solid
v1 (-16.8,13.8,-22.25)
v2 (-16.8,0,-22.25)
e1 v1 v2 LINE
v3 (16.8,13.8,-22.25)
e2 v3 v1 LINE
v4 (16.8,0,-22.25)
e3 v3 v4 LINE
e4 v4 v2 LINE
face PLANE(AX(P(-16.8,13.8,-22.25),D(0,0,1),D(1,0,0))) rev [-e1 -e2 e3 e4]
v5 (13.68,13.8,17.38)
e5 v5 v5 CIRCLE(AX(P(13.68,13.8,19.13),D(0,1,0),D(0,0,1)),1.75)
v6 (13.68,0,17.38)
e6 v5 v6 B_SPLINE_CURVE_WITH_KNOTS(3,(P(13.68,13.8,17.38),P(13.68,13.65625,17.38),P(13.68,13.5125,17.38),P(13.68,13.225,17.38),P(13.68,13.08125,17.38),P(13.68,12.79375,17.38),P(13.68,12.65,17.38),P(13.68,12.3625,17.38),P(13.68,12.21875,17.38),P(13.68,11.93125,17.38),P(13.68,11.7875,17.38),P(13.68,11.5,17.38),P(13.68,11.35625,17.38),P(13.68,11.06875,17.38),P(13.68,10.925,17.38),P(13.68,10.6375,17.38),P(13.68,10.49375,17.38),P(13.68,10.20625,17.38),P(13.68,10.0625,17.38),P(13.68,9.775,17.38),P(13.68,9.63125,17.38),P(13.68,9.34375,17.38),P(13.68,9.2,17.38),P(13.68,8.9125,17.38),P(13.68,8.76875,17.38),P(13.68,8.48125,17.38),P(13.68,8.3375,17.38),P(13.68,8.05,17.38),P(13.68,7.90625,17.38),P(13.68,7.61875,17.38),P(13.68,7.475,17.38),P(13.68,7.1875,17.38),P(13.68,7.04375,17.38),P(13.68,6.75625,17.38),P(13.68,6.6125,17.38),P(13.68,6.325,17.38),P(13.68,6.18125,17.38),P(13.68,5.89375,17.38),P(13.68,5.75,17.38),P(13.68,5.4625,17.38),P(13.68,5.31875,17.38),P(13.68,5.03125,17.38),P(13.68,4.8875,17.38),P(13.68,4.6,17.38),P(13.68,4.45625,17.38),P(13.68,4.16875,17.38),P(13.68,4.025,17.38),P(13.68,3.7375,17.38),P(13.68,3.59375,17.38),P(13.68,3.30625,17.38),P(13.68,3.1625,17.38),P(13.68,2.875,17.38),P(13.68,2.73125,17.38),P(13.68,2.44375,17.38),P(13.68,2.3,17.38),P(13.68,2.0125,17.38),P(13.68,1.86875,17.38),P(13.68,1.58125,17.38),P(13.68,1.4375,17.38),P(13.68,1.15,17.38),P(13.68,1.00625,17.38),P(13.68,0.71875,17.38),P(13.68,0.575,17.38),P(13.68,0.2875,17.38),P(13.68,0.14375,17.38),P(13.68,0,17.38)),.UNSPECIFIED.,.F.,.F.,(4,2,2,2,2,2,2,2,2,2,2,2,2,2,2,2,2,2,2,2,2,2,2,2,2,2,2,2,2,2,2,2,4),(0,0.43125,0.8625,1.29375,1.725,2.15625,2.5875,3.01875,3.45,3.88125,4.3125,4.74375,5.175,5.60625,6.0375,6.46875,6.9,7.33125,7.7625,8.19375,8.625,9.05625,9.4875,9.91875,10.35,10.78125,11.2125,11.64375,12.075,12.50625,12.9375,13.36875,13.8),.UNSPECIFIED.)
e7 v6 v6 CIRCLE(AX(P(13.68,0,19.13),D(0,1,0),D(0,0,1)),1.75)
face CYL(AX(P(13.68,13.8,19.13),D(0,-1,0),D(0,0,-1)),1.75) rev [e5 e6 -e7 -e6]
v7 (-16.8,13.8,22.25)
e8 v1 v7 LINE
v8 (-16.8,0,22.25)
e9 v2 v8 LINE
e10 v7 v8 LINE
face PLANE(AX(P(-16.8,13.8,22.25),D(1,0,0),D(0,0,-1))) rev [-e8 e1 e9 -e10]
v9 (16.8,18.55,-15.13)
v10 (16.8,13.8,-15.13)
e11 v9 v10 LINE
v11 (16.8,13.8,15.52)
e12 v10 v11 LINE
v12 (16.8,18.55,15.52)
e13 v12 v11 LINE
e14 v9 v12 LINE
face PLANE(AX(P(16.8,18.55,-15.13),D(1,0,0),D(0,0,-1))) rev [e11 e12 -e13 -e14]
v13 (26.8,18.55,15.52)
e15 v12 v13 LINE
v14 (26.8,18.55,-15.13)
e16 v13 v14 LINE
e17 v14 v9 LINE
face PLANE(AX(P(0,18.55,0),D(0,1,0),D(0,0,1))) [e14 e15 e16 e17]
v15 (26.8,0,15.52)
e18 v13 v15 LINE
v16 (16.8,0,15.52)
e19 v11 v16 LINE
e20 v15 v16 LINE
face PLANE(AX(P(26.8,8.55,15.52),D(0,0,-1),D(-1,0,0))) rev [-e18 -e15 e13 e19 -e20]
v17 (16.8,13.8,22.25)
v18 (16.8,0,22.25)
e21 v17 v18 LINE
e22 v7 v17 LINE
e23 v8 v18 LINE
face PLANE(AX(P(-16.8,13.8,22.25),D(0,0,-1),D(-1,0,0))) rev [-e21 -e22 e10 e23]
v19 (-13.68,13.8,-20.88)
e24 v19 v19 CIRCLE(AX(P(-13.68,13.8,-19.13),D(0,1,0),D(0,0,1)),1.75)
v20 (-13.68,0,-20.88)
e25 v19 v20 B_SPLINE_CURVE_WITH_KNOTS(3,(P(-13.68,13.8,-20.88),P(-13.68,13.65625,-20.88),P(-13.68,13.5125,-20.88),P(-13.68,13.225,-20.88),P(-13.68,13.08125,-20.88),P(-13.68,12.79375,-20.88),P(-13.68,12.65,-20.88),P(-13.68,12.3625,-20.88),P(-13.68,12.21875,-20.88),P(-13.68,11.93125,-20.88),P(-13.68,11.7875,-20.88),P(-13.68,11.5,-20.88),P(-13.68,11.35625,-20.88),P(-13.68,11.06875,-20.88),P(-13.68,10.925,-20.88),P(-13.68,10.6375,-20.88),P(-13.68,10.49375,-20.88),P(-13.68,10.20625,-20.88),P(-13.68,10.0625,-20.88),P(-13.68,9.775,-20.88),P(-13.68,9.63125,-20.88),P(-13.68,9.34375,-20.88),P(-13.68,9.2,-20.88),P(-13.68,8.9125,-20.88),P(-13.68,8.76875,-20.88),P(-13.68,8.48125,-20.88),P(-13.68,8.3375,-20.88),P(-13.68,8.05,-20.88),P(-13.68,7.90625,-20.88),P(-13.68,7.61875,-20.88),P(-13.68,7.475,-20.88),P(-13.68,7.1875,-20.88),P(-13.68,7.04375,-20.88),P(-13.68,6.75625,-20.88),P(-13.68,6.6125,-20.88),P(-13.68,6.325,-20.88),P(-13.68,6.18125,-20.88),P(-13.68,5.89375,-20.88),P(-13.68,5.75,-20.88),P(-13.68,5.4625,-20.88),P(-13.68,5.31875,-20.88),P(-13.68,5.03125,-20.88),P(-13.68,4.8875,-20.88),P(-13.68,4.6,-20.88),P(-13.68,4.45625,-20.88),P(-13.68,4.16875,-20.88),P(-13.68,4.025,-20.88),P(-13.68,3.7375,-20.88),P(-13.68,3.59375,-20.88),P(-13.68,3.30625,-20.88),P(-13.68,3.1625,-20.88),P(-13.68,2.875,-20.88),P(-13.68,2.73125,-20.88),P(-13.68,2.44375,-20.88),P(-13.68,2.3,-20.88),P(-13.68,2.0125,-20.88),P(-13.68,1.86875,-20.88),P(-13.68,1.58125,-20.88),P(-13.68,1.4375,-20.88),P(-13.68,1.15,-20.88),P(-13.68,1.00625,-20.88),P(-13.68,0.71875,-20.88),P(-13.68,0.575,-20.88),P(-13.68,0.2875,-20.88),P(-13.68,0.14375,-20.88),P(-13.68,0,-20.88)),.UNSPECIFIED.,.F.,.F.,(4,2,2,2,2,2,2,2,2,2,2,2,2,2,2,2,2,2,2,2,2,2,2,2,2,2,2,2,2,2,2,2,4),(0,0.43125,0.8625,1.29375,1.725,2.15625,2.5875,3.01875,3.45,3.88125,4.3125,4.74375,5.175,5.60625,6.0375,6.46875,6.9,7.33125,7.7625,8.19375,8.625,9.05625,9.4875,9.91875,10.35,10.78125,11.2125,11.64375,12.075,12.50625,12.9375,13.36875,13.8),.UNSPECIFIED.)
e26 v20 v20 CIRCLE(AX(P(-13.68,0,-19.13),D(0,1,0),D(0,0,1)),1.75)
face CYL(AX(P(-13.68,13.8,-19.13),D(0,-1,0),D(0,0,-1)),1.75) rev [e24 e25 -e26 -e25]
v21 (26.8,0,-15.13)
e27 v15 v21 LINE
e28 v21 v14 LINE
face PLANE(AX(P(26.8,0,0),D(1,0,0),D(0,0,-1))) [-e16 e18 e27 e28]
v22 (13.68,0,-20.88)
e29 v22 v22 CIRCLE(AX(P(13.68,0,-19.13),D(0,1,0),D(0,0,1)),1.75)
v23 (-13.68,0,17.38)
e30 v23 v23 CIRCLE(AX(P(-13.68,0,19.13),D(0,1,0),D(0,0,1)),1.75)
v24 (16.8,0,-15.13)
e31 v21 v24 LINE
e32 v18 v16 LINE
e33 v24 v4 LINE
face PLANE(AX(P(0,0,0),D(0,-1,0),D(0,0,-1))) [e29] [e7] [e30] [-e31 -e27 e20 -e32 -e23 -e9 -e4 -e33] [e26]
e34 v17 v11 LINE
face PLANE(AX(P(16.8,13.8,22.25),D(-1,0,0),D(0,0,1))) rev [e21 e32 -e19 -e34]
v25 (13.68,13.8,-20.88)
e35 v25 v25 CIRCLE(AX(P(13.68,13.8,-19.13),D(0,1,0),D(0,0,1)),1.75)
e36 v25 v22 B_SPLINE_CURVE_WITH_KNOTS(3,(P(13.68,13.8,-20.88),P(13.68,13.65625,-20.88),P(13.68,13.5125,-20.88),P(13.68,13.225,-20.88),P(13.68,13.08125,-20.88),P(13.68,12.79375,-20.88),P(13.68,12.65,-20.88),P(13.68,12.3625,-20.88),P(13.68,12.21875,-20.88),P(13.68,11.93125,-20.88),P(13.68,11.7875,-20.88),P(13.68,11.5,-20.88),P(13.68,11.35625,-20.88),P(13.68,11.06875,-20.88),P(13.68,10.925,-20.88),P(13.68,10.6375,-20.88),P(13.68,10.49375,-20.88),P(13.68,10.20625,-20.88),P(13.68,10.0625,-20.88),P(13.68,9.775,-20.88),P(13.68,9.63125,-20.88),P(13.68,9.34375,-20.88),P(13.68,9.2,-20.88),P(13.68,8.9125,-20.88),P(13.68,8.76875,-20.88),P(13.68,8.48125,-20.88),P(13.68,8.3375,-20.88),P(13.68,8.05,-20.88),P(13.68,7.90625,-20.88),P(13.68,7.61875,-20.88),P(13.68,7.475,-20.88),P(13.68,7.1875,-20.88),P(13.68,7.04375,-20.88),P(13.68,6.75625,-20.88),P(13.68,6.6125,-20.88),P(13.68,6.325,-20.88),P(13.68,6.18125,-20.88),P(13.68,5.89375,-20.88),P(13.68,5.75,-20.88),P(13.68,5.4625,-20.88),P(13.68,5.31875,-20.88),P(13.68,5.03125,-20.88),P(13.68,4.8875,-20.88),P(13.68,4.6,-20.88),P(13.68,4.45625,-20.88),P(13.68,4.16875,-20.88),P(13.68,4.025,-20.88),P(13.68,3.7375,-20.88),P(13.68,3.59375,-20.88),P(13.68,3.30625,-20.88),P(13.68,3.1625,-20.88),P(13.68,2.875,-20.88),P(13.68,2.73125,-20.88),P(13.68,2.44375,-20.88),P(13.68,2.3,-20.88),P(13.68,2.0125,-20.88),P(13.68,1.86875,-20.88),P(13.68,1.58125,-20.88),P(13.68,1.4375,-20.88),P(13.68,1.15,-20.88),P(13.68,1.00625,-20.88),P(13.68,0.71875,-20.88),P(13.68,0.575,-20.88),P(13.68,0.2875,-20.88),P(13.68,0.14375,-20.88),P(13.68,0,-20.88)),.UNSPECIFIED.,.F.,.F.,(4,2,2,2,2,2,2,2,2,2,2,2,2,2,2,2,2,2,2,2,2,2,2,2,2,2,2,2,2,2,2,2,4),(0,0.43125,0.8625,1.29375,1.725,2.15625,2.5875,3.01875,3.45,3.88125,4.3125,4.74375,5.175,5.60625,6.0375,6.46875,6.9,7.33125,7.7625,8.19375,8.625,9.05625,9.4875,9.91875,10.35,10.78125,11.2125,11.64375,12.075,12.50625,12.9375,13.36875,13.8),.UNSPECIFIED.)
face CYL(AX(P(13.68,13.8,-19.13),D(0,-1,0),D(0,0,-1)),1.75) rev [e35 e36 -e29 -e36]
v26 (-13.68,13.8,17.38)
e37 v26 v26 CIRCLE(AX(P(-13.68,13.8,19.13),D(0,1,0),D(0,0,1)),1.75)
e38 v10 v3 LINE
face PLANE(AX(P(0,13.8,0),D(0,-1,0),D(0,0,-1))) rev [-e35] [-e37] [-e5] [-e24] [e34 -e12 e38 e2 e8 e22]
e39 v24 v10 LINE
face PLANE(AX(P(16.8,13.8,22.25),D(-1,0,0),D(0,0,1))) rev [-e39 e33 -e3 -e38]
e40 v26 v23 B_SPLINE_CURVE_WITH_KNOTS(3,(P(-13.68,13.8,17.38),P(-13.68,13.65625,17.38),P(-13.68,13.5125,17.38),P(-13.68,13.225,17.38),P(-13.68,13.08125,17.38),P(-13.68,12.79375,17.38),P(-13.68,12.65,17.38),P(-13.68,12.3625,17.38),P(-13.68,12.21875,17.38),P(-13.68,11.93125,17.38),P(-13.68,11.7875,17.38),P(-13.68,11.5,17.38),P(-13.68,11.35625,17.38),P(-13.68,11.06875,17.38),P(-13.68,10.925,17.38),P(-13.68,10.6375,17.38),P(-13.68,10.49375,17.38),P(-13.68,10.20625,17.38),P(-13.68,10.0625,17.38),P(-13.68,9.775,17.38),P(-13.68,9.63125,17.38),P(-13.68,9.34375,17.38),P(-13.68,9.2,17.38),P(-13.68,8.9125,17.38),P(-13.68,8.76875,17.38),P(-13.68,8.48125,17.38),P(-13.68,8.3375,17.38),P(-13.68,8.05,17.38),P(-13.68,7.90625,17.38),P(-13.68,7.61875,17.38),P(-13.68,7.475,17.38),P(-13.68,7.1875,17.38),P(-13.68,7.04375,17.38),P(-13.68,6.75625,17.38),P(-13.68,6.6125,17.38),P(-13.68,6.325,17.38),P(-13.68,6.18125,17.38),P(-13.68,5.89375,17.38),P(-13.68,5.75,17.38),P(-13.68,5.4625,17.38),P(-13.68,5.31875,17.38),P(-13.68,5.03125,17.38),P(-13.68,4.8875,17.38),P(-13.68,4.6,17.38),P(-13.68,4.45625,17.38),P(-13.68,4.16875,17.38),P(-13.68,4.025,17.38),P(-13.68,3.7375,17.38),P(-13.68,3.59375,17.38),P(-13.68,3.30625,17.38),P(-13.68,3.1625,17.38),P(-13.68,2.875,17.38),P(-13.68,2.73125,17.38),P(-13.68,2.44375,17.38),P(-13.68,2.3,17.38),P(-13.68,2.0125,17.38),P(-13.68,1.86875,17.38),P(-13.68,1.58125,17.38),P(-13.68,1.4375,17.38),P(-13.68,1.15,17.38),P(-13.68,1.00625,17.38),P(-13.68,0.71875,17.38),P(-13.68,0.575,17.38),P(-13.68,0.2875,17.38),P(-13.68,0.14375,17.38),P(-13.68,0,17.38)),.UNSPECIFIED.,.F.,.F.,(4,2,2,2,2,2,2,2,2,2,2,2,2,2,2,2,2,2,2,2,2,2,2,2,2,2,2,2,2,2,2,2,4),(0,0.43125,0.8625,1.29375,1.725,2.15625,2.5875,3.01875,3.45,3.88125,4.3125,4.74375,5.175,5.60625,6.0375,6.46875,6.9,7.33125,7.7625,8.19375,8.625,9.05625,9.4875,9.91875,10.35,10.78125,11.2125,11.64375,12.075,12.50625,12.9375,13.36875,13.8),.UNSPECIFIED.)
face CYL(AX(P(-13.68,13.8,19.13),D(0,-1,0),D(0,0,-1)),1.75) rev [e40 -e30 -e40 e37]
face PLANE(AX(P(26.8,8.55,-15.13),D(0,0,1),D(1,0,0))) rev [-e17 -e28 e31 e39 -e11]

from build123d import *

# Parameters (mm, degrees)
SKETCH1_W           = 33.6
SKETCH1_H           = 44.5
SKETCH1_R           = 1.75
BOSS_EXTRUDE1_DEPTH = 13.8
SKETCH2_W           = 30.65
SKETCH2_H           = 8.55
BOSS_EXTRUDE2_DEPTH = 10
SKETCH3_W           = 10
SKETCH3_H           = 30.65
BOSS_EXTRUDE3_DEPTH = 10


with BuildPart() as part:
    # Sketch1 → Boss-Extrude1 (new body)
    with BuildSketch(Plane(origin=(0, 0, 0), x_dir=(1, 0, 0), z_dir=(0, 1, 0))):
        Rectangle(SKETCH1_W, SKETCH1_H)
        with Locations(Location((-13.68, 19.13, 0), (0, 0, 90))):
            Circle(SKETCH1_R, mode=Mode.SUBTRACT)
        with Locations(Location((-13.68, -19.13, 0), (0, 0, 90))):
            Circle(SKETCH1_R, mode=Mode.SUBTRACT)
        with Locations(Location((13.68, -19.13, 0), (0, 0, 90))):
            Circle(SKETCH1_R, mode=Mode.SUBTRACT)
        with Locations(Location((13.68, 19.13, 0), (0, 0, 90))):
            Circle(SKETCH1_R, mode=Mode.SUBTRACT)
    extrude(amount=BOSS_EXTRUDE1_DEPTH)

    # Sketch2 → Boss-Extrude2 (add)
    with BuildSketch(Plane(origin=(16.8, 0, 0), x_dir=(0, 0, -1), z_dir=(1, 0, 0))):
        with Locations((-0.195, 4.275)):
            Rectangle(SKETCH2_W, SKETCH2_H)
    extrude(amount=BOSS_EXTRUDE2_DEPTH)

    # Sketch3 → Boss-Extrude3 (add)
    with BuildSketch(Plane(origin=(0, 8.55, 0), x_dir=(1, 0, 0), z_dir=(0, 1, 0))):
        with Locations((21.8, -0.195)):
            Rectangle(SKETCH3_W, SKETCH3_H)
    extrude(amount=BOSS_EXTRUDE3_DEPTH)


solid = part.part
